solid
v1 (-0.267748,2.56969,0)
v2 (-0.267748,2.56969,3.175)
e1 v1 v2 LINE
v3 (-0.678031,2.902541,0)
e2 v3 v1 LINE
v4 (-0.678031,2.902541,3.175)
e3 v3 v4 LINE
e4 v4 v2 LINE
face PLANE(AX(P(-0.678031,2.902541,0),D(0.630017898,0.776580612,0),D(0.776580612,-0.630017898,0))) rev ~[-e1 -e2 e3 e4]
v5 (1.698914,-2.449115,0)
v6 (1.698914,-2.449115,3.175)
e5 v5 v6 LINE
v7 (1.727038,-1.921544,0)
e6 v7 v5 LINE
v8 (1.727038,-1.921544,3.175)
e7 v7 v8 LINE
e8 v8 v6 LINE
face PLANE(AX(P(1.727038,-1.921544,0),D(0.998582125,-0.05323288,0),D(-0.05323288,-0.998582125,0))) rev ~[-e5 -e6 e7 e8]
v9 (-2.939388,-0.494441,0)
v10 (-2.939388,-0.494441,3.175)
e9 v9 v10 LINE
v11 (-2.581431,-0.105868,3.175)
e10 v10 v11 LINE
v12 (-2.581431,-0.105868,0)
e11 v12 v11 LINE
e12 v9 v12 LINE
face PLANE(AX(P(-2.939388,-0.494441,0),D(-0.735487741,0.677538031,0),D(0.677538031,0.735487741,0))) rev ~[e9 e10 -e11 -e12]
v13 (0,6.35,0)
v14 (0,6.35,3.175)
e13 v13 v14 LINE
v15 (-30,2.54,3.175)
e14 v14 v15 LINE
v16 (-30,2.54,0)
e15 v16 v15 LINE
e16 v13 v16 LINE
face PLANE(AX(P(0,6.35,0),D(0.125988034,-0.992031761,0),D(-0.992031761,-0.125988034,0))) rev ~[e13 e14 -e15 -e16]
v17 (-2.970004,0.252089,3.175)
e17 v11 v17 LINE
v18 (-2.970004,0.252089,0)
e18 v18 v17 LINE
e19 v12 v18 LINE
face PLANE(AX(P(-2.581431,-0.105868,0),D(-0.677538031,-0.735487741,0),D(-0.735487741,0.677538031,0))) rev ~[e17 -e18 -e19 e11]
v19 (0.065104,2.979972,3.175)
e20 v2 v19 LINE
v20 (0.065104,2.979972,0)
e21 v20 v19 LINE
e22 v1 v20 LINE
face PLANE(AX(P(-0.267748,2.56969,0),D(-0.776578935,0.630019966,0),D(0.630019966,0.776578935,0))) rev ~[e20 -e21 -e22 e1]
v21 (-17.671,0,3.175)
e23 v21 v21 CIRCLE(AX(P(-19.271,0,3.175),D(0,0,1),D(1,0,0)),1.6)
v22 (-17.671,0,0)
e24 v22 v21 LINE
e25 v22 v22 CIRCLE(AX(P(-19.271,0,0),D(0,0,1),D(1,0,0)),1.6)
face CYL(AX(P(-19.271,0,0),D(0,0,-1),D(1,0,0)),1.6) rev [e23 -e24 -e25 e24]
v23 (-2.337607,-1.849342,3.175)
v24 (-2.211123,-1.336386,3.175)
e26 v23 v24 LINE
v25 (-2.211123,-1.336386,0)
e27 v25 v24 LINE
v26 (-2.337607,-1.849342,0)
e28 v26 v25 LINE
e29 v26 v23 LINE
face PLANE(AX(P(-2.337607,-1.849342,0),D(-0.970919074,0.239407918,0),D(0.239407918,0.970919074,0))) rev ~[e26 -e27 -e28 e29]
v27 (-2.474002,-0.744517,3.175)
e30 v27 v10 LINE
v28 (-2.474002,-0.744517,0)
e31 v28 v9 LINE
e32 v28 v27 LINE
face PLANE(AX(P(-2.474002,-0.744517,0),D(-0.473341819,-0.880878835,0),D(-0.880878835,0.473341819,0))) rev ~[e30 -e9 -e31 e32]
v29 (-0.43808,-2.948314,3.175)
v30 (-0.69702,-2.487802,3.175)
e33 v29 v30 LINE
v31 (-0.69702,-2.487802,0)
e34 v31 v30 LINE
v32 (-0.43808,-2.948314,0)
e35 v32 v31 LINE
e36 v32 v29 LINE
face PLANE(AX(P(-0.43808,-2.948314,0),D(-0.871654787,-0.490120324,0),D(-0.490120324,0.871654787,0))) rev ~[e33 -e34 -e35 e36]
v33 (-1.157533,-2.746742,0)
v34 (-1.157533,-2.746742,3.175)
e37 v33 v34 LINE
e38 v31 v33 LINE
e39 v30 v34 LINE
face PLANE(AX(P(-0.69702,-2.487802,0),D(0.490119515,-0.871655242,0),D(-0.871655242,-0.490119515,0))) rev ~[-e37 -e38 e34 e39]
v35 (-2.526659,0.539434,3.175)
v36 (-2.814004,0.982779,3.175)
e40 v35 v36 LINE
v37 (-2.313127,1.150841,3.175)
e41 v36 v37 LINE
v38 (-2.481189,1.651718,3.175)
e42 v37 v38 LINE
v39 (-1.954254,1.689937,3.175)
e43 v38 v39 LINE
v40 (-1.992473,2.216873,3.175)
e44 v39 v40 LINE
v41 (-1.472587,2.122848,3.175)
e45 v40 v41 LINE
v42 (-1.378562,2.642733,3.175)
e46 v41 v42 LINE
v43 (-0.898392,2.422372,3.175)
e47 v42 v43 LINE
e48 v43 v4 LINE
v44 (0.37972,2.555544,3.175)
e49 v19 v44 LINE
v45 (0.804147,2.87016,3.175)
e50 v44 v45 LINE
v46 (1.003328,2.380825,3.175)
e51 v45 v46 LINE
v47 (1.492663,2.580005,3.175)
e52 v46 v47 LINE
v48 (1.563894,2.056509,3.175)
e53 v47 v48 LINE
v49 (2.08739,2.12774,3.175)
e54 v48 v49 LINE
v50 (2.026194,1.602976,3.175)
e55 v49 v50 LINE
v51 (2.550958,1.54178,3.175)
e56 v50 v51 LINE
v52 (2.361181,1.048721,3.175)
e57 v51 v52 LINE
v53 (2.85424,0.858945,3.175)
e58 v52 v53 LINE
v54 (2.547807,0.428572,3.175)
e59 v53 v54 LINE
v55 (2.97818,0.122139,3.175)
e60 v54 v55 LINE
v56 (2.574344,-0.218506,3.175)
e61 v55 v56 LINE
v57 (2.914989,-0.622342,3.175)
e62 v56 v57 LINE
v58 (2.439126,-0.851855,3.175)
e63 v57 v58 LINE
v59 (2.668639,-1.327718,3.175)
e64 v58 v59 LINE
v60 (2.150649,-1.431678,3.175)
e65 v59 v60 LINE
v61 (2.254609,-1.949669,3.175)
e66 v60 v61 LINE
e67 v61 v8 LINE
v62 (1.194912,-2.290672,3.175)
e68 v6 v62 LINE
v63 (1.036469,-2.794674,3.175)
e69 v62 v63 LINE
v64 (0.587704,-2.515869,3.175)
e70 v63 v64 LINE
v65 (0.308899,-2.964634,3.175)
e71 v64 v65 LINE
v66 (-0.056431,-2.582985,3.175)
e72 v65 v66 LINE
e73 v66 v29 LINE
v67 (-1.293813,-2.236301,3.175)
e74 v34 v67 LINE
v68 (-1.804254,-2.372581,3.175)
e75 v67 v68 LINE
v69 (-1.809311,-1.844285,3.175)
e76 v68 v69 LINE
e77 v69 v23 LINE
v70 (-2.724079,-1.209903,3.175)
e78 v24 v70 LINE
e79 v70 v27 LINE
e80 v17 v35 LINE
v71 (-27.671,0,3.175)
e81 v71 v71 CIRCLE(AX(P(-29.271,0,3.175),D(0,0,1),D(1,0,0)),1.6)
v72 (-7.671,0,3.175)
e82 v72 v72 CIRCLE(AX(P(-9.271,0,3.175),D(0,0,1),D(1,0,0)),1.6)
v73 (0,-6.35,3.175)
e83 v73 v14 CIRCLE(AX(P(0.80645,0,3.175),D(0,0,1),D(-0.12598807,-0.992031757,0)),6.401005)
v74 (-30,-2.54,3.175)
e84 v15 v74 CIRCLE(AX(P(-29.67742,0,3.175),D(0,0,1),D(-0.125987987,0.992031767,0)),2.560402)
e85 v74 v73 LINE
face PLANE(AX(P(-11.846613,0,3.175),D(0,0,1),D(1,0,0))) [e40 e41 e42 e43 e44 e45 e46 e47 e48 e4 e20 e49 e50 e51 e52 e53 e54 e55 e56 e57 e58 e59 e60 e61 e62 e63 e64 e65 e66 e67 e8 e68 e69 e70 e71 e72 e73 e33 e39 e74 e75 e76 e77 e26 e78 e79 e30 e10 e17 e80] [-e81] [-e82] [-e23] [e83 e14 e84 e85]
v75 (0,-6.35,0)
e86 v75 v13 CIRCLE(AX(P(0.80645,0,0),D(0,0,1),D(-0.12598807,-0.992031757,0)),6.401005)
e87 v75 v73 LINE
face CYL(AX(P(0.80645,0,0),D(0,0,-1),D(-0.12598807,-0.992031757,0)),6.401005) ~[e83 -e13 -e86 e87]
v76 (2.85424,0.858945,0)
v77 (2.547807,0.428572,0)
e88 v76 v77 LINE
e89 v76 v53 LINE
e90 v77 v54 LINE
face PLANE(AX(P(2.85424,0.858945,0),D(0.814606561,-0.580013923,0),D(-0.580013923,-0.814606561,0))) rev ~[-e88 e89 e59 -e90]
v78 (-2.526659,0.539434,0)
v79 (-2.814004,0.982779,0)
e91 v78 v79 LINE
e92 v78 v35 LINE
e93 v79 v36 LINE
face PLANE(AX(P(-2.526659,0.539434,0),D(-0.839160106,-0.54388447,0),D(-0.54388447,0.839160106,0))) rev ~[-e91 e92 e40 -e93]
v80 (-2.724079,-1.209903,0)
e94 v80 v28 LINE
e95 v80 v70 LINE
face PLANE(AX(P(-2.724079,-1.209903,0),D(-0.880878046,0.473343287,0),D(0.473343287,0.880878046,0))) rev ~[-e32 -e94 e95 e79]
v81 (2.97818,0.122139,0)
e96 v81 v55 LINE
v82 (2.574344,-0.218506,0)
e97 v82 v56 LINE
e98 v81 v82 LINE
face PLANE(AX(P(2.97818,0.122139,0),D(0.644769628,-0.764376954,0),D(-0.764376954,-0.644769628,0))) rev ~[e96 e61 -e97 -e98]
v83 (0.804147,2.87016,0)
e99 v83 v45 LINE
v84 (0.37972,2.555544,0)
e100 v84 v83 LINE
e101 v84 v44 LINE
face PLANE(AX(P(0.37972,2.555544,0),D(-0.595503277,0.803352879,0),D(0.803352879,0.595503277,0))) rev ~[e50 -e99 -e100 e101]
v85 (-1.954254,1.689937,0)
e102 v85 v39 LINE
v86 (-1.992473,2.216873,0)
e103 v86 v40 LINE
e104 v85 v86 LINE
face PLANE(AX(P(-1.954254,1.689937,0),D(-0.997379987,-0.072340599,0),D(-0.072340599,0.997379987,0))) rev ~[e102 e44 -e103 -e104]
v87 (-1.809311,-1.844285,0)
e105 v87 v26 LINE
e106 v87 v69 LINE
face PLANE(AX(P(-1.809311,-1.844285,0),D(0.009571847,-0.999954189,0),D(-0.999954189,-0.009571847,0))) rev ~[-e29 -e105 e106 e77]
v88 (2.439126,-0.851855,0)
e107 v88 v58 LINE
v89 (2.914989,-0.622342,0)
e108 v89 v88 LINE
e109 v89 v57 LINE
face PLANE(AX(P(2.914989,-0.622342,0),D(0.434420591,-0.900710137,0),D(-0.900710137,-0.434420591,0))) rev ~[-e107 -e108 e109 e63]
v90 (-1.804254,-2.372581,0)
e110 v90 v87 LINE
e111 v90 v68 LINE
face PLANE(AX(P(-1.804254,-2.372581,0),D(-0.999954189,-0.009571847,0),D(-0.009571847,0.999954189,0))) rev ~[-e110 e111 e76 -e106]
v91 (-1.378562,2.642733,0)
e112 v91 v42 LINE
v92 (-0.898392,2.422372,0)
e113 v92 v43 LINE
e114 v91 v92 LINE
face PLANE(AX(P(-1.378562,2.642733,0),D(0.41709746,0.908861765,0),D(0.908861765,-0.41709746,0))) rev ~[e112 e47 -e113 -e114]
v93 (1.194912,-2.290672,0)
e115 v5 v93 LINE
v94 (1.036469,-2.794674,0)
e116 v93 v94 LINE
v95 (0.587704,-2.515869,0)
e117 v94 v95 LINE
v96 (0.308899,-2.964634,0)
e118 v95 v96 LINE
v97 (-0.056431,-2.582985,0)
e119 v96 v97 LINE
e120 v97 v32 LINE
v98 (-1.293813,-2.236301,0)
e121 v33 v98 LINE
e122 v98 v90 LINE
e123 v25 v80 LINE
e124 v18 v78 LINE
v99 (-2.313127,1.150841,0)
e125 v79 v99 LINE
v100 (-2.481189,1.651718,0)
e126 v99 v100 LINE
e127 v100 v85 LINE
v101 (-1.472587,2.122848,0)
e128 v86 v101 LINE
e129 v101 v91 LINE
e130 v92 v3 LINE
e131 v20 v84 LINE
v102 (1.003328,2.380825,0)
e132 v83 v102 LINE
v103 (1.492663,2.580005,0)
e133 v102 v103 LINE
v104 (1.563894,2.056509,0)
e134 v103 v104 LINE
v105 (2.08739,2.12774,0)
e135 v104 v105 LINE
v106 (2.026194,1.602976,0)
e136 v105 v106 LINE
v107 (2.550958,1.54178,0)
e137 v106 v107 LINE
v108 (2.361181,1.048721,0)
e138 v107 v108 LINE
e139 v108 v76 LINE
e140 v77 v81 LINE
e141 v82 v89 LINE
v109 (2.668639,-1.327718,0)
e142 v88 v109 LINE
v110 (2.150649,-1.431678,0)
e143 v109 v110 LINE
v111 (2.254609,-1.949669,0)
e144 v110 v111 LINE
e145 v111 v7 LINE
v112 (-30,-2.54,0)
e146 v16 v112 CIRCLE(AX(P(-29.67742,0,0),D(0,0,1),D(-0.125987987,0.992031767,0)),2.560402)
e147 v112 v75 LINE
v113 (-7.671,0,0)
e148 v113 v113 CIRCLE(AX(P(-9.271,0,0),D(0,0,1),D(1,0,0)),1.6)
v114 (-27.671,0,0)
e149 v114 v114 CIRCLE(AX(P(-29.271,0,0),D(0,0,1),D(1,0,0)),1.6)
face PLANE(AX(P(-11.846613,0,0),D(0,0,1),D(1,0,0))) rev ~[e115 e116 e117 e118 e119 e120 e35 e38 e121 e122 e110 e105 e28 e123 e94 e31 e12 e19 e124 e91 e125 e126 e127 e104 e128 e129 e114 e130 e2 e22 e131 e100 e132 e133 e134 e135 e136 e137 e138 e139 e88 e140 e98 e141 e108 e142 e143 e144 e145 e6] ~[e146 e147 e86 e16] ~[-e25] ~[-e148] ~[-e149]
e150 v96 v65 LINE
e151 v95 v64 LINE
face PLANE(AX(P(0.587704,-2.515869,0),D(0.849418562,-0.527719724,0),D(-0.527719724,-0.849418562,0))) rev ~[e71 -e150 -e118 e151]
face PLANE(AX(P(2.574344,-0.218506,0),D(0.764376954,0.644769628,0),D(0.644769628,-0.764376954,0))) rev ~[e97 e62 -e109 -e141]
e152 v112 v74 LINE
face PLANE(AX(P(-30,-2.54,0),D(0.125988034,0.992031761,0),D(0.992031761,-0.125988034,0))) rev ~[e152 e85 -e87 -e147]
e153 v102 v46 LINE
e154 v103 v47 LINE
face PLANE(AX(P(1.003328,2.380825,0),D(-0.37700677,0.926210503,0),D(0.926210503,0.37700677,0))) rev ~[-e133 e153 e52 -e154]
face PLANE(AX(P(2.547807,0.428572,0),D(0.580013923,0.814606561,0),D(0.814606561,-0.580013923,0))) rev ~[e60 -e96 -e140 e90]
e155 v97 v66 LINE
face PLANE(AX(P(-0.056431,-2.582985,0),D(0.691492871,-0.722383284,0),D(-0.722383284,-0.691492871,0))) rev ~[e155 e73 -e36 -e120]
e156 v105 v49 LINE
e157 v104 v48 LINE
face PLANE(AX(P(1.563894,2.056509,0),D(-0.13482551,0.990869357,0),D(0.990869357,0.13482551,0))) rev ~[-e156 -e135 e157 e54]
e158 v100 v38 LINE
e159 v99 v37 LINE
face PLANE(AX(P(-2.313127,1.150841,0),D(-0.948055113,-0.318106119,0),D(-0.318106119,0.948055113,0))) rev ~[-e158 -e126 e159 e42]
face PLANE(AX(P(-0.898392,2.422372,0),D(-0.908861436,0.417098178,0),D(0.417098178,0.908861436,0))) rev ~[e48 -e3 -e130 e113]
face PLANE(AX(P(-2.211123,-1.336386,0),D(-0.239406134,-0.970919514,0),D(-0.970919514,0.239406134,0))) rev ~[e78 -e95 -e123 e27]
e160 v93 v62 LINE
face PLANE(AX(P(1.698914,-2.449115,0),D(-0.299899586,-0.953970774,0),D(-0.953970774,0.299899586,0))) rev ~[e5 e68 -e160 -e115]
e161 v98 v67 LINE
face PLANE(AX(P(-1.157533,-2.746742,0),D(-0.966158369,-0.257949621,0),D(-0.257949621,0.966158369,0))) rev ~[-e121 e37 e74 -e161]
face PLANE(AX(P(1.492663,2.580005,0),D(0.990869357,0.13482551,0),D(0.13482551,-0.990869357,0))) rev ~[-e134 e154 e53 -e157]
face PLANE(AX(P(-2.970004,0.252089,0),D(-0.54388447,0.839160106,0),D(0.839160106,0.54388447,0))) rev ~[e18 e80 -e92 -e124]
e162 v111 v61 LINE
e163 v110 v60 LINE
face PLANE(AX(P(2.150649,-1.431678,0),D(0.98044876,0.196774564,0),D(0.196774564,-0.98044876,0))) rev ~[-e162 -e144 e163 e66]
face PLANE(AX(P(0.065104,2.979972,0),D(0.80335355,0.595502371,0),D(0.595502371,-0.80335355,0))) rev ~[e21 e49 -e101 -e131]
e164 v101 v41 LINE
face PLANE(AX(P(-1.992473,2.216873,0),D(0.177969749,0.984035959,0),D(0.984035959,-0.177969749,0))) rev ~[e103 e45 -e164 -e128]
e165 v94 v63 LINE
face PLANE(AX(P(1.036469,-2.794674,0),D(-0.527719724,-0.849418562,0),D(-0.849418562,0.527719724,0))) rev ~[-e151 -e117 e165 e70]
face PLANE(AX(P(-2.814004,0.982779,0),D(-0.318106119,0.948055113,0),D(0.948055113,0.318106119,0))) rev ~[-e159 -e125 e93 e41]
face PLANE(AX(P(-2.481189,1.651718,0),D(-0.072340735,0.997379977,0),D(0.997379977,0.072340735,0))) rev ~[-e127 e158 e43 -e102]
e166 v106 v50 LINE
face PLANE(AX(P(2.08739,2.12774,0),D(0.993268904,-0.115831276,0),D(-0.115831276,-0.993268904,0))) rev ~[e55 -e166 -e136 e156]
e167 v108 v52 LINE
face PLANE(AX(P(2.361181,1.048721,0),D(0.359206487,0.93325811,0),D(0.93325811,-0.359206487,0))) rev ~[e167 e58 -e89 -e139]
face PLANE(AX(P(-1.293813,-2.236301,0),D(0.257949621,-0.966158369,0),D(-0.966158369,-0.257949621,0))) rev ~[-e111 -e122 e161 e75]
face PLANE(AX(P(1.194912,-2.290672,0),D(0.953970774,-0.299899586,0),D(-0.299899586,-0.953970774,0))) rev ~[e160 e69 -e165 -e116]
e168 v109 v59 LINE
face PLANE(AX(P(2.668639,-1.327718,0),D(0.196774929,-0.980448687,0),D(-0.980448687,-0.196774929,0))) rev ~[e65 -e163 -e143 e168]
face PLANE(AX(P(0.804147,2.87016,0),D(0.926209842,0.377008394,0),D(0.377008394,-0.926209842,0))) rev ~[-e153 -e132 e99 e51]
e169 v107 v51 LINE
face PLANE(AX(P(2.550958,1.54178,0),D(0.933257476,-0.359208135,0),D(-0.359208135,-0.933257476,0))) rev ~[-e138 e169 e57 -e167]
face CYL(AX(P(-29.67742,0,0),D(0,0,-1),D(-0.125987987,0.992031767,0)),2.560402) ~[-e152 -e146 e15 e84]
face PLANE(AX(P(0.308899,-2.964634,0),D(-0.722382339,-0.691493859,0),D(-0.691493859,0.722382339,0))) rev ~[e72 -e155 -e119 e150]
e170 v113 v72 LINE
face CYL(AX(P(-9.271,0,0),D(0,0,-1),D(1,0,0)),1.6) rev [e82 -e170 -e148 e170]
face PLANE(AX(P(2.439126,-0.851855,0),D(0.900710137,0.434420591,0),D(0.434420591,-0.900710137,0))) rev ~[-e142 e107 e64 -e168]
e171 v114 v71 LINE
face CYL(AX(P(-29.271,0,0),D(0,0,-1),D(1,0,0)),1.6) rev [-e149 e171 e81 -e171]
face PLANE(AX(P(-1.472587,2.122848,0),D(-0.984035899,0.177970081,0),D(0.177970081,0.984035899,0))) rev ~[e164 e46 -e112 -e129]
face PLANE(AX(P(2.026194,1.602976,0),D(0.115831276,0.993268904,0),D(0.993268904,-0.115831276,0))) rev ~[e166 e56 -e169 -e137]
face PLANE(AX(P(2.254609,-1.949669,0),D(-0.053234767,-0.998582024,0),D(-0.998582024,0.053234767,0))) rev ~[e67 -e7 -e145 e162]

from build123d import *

# Parameters (mm, degrees)
F0_R     = 1.6
F1_DEPTH = 3.175


with BuildPart() as f1:
    # F0 (on Top) → F1 (new body)
    with BuildSketch(Plane.XY):
        with BuildLine():
            ThreePointArc((0, -6.35), (7.207455, 0), (0, 6.35))
            Line((0, 6.35), (-30, 2.54))
            ThreePointArc((-30, 2.54), (-32.237822, 0), (-30, -2.54))
            Line((-30, -2.54), (0, -6.35))
        make_face()
        with Locations((-29.271, 0)):
            Circle(F0_R, mode=Mode.SUBTRACT)
        with Locations((-19.271, 0)):
            Circle(F0_R, mode=Mode.SUBTRACT)
        with Locations((-9.271, 0)):
            Circle(F0_R, mode=Mode.SUBTRACT)
        Polygon((-2.313127, 1.150841), (-2.481189, 1.651718), (-1.954254, 1.689937), (-1.992473, 2.216873), (-1.472587, 2.122848), (-1.378562, 2.642733), (-0.898392, 2.422372), (-0.678031, 2.902541), (-0.267748, 2.56969), (0.065104, 2.979972), (0.37972, 2.555544), (0.804147, 2.87016), (1.003328, 2.380825), (1.492663, 2.580005), (1.563894, 2.056509), (2.08739, 2.12774), (2.026194, 1.602976), (2.550958, 1.54178), (2.361181, 1.048721), (2.85424, 0.858945), (2.547807, 0.428572), (2.97818, 0.122139), (2.574344, -0.218506), (2.914989, -0.622342), (2.439126, -0.851855), (2.668639, -1.327718), (2.150649, -1.431678), (2.254609, -1.949669), (1.727038, -1.921544), (1.698914, -2.449115), (1.194912, -2.290672), (1.036469, -2.794674), (0.587704, -2.515869), (0.308899, -2.964634), (-0.056431, -2.582985), (-0.43808, -2.948314), (-0.69702, -2.487802), (-1.157533, -2.746742), (-1.293813, -2.236301), (-1.804254, -2.372581), (-1.809311, -1.844285), (-2.337607, -1.849342), (-2.211123, -1.336386), (-2.724079, -1.209903), (-2.474002, -0.744517), (-2.939388, -0.494441), (-2.581431, -0.105868), (-2.970004, 0.252089), (-2.526659, 0.539434), (-2.814004, 0.982779), align=None, mode=Mode.SUBTRACT)
    extrude(amount=F1_DEPTH)


solid = f1.part
